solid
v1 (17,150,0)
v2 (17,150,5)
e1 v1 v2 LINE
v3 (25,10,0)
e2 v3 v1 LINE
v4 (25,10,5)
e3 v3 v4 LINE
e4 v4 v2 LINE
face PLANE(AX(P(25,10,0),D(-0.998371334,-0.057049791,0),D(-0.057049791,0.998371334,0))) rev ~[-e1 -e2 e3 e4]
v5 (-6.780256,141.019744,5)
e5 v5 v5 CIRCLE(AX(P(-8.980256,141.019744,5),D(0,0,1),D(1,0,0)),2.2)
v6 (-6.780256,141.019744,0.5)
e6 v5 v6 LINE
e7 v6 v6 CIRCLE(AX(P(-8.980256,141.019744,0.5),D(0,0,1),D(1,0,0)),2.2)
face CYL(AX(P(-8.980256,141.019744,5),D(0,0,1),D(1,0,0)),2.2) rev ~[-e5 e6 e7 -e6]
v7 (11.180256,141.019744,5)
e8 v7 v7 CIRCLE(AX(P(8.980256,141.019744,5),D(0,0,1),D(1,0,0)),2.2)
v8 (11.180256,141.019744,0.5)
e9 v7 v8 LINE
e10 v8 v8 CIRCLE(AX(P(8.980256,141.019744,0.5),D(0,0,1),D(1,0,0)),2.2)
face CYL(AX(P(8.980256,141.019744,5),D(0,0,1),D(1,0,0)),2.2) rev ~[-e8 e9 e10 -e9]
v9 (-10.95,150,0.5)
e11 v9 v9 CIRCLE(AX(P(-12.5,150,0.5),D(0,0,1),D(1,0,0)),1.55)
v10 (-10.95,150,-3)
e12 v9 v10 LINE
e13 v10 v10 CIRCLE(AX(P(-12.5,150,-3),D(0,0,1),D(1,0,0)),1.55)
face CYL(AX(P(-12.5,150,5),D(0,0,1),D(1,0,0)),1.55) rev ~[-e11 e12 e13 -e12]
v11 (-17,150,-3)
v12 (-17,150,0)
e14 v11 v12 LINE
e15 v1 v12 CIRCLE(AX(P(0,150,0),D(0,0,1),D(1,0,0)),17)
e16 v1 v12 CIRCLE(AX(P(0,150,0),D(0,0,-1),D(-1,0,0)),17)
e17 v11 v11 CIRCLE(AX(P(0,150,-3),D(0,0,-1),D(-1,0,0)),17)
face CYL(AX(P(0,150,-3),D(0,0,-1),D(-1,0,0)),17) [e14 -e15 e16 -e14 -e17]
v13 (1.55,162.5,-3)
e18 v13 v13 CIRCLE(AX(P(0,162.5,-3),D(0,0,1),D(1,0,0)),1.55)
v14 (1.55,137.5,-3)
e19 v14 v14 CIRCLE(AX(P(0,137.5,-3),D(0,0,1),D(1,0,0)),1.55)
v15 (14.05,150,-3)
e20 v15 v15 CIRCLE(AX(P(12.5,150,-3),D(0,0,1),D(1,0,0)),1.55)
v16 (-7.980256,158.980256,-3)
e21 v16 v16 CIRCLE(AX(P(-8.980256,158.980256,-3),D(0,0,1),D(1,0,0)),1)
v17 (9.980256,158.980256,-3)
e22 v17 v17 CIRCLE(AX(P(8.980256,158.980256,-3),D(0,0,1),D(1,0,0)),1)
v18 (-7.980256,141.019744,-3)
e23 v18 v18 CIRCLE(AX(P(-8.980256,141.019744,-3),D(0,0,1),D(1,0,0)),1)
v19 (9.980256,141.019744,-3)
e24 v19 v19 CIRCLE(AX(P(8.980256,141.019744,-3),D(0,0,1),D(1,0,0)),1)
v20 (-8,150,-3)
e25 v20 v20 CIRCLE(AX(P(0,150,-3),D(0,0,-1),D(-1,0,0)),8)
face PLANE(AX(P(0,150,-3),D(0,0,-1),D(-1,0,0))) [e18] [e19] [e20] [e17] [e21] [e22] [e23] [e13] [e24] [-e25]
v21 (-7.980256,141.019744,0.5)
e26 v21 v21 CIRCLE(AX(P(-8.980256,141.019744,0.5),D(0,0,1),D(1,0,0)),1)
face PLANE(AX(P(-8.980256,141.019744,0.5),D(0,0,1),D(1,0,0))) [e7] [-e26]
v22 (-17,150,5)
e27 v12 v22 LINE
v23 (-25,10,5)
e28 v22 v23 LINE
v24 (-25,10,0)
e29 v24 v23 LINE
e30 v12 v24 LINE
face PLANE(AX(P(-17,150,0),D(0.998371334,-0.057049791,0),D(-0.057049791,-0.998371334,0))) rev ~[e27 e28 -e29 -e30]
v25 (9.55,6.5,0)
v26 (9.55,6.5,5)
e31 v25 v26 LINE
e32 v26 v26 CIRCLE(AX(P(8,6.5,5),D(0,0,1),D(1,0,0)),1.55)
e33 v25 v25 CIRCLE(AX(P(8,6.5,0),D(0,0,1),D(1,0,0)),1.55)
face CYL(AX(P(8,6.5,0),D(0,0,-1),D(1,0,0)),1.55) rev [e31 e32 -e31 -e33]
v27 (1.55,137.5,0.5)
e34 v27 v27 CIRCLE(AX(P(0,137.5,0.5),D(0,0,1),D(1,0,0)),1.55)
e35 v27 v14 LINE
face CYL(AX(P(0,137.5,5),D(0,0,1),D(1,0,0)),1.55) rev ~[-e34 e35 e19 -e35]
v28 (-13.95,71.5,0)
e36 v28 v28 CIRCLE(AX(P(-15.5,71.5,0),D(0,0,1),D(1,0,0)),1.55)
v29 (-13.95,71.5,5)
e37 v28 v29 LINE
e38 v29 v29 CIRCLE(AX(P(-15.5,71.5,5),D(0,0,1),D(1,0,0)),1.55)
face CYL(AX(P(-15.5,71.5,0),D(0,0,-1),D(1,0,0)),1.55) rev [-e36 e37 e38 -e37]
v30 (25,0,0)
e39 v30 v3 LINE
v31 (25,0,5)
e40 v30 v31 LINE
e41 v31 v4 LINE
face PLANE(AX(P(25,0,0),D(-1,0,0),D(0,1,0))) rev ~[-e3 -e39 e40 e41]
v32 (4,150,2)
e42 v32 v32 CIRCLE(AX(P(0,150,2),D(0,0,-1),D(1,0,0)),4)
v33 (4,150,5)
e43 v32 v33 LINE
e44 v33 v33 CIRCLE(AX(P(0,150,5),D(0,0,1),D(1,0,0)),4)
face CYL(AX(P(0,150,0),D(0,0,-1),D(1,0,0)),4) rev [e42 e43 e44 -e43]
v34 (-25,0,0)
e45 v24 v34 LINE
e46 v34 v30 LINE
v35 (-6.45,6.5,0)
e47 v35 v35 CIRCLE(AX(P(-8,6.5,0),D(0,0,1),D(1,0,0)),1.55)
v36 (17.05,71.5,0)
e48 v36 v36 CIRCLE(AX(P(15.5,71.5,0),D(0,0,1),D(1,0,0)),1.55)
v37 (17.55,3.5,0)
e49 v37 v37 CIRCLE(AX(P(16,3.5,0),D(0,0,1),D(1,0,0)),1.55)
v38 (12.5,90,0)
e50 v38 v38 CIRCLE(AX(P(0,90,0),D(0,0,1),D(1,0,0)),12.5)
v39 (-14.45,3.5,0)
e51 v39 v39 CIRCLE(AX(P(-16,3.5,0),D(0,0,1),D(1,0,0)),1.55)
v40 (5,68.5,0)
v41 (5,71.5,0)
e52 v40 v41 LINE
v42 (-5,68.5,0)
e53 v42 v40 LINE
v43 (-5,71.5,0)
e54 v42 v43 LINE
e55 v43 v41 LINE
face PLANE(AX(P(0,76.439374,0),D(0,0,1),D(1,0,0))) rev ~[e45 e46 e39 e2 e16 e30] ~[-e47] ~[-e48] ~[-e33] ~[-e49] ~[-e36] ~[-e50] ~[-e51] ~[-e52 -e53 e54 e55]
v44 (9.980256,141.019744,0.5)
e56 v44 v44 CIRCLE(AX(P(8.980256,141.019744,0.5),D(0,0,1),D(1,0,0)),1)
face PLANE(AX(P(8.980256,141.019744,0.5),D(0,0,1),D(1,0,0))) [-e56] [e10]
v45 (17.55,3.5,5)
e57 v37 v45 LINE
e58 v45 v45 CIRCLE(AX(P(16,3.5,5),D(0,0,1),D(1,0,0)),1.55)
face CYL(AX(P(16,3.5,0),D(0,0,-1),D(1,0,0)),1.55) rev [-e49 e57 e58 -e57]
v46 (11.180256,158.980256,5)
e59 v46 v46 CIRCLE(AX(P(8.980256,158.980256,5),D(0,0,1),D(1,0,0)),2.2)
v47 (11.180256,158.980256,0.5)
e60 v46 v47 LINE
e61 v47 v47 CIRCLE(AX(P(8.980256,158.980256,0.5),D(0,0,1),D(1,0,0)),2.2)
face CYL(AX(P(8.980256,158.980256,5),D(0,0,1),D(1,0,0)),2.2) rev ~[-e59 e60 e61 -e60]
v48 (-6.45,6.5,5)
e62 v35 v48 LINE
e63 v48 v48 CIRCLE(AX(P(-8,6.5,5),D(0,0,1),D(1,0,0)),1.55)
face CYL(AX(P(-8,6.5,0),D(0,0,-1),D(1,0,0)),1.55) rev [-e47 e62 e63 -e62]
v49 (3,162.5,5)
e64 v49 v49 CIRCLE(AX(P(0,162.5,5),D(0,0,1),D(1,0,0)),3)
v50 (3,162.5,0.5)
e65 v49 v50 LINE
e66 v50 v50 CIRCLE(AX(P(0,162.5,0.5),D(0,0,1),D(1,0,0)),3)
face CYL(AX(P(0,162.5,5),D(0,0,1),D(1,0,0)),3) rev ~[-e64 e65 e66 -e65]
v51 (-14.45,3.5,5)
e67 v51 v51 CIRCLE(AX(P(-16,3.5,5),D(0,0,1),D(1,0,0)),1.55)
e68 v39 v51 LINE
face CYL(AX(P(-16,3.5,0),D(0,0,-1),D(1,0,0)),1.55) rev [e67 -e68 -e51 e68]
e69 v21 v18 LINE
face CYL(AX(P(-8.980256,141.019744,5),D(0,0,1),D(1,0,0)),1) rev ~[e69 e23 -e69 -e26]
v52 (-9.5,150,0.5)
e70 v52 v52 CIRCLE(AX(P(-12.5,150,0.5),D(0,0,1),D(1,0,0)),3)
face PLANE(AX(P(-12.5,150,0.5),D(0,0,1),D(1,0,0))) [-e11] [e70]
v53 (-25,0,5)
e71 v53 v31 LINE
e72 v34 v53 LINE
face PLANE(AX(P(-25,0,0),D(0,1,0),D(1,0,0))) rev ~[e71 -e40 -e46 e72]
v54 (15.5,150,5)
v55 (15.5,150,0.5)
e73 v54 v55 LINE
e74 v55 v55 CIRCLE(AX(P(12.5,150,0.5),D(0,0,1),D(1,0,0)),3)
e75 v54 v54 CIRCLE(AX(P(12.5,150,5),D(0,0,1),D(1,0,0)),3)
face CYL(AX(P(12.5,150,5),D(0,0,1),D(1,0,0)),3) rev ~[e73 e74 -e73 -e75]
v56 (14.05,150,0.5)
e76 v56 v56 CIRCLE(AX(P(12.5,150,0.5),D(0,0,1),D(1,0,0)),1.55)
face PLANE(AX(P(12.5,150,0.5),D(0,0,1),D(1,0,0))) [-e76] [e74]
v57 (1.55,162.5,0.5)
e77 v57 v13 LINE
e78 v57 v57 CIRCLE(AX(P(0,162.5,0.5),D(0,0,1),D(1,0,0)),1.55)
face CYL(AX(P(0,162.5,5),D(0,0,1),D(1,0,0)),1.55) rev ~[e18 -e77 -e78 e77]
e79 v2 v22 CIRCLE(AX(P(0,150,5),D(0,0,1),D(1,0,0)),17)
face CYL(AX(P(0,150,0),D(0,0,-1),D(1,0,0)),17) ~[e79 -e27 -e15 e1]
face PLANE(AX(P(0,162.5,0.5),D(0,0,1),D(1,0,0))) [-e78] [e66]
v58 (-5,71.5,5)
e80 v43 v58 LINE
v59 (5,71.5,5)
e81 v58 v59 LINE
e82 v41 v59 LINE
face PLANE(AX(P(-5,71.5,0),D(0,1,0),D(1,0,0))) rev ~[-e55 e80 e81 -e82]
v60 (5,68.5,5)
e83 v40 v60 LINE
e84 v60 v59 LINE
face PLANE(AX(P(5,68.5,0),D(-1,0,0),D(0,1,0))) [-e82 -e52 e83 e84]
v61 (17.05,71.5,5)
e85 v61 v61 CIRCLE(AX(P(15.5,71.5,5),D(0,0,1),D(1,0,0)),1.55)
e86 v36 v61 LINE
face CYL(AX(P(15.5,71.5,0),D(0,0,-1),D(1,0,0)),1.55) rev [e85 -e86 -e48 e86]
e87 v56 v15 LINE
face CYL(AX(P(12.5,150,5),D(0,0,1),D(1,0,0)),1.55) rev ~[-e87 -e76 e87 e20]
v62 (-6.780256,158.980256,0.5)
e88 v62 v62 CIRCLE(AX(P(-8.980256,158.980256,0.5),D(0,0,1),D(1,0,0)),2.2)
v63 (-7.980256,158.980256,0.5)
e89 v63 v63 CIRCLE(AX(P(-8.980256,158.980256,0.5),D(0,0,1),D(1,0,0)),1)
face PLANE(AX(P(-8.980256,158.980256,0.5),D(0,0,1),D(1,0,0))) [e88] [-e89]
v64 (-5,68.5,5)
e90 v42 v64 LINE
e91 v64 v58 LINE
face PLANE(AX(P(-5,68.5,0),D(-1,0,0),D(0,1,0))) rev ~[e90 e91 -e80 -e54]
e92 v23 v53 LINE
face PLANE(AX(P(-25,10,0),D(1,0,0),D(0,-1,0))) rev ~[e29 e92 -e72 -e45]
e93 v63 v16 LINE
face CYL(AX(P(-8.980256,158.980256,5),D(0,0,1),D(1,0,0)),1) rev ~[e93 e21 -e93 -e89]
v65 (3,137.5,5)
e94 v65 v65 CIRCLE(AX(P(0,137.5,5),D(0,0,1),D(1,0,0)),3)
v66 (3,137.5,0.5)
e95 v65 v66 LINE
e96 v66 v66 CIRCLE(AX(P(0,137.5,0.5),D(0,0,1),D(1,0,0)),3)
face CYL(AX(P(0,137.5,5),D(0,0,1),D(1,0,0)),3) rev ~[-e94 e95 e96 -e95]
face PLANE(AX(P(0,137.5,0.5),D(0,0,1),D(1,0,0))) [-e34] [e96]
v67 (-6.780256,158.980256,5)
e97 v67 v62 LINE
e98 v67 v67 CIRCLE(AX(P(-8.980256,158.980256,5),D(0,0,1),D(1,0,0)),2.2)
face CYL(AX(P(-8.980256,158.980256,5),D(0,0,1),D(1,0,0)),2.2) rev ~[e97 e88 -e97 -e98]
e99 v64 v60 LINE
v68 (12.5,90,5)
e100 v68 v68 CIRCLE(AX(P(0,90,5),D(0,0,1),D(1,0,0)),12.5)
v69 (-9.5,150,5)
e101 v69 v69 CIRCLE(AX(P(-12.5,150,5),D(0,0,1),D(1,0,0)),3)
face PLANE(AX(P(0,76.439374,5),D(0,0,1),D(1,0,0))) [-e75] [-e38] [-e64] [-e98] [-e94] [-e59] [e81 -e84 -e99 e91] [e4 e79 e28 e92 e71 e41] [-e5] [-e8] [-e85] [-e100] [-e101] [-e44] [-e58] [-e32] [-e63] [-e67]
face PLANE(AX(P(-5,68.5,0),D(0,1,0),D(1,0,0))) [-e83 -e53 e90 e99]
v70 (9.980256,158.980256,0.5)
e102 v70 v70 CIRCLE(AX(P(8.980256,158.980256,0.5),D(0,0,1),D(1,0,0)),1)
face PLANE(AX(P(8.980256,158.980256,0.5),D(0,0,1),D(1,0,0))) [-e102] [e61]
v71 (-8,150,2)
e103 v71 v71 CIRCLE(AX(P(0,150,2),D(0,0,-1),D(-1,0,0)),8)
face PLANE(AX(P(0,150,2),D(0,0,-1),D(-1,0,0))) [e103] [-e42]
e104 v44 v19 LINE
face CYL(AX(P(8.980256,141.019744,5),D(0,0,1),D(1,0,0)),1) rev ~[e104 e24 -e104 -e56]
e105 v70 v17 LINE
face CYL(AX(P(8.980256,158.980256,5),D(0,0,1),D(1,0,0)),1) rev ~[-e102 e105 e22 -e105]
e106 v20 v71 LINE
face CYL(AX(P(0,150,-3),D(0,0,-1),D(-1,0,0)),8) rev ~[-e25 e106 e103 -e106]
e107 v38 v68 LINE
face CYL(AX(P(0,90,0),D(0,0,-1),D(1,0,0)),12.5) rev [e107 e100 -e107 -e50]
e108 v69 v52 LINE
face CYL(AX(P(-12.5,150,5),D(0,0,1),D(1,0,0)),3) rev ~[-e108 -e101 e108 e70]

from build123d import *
from build123d.topology import SkipClean

# Parameters (mm, degrees)
SKETCH1_R           = 4
SKETCH1_R_2         = 12.5
SKETCH1_R_3         = 1.55
SKETCH1_W           = 10
SKETCH1_H           = 3
BOSS_EXTRUDE1_DEPTH = 5
BOSS_EXTRUDE2_START = 3
SKETCH2_R           = 17
BOSS_EXTRUDE2_DEPTH = 3
SKETCH3_R           = 1.55
SKETCH3_R_2         = 1
CUT_EXTRUDE1_DEPTH  = 8
SKETCH4_R           = 3
SKETCH4_R_2         = 2.2
CUT_EXTRUDE2_DEPTH  = 4.5
SKETCH5_R           = 8
CUT_EXTRUDE3_DEPTH  = 5


with BuildPart() as part:
    # Sketch1 → Boss-Extrude1 (new body)
    with BuildSketch(Plane.XY):
        with BuildLine():
            Line((-25, 0), (25, 0))
            Line((25, 0), (25, 10))
            Line((25, 10), (17, 150))
            ThreePointArc((17, 150), (0, 167), (-17, 150))
            Line((-17, 150), (-25, 10))
            Line((-25, 10), (-25, 0))
        make_face()
        with Locations((0, 150)):
            Circle(SKETCH1_R, mode=Mode.SUBTRACT)
        with Locations((0, 90)):
            Circle(SKETCH1_R_2, mode=Mode.SUBTRACT)
        with Locations((-8, 6.5)):
            Circle(SKETCH1_R_3, mode=Mode.SUBTRACT)
        with Locations((-16, 3.5)):
            Circle(SKETCH1_R_3, mode=Mode.SUBTRACT)
        with Locations((8, 6.5)):
            Circle(SKETCH1_R_3, mode=Mode.SUBTRACT)
        with Locations((16, 3.5)):
            Circle(SKETCH1_R_3, mode=Mode.SUBTRACT)
        with Locations((-15.5, 71.5)):
            Circle(SKETCH1_R_3, mode=Mode.SUBTRACT)
        with Locations((15.5, 71.5)):
            Circle(SKETCH1_R_3, mode=Mode.SUBTRACT)
        with Locations((0, 70)):
            Rectangle(SKETCH1_W, SKETCH1_H, mode=Mode.SUBTRACT)
    extrude(amount=BOSS_EXTRUDE1_DEPTH)

    # Sketch2 → Boss-Extrude2 (add)
    with SkipClean():  # the faces are left unmerged after this step: merging them gives an invalid solid
        with BuildSketch(Plane(origin=(0, 0, 0), x_dir=(-1, 0, 0), z_dir=(0, 0, -1)).offset(BOSS_EXTRUDE2_START)):
            with Locations((0, 150)):
                Circle(SKETCH2_R)
        extrude(amount=-BOSS_EXTRUDE2_DEPTH)

    # Sketch3 → Cut-Extrude1 (cut)
    with SkipClean():  # the faces are left unmerged after this step: merging them gives an invalid solid
        with BuildSketch(Plane.XY.offset(5)):
            with Locations((-12.5, 150)):
                Circle(SKETCH3_R)
            with Locations((0, 162.5)):
                Circle(SKETCH3_R)
            with Locations((12.5, 150)):
                Circle(SKETCH3_R)
            with Locations((0, 137.5)):
                Circle(SKETCH3_R)
            with Locations((8.980256121, 158.980256121)):
                Circle(SKETCH3_R_2)
            with Locations((8.980256121, 141.019743879)):
                Circle(SKETCH3_R_2)
            with Locations((-8.980256121, 141.019743879)):
                Circle(SKETCH3_R_2)
            with Locations((-8.980256121, 158.980256121)):
                Circle(SKETCH3_R_2)
        extrude(amount=-CUT_EXTRUDE1_DEPTH, mode=Mode.SUBTRACT)

    # Sketch4 → Cut-Extrude2 (cut)
    with SkipClean():  # the faces are left unmerged after this step: merging them gives an invalid solid
        with BuildSketch(Plane.XY.offset(5)):
            with Locations((-12.5, 150)):
                Circle(SKETCH4_R)
            with Locations((0, 162.5)):
                Circle(SKETCH4_R)
            with Locations((12.5, 150)):
                Circle(SKETCH4_R)
            with Locations((0, 137.5)):
                Circle(SKETCH4_R)
            with Locations((-8.980256121, 158.980256121)):
                Circle(SKETCH4_R_2)
            with Locations((8.980256121, 158.980256121)):
                Circle(SKETCH4_R_2)
            with Locations((8.980256121, 141.019743879)):
                Circle(SKETCH4_R_2)
            with Locations((-8.980256121, 141.019743879)):
                Circle(SKETCH4_R_2)
        extrude(amount=-CUT_EXTRUDE2_DEPTH, mode=Mode.SUBTRACT)

    # Sketch5 → Cut-Extrude3 (cut)
    with SkipClean():  # the faces are left unmerged after this step: merging them gives an invalid solid
        with BuildSketch(Plane(origin=(0, 0, -3), x_dir=(-1, 0, 0), z_dir=(0, 0, -1))):
            with Locations((0, 150)):
                Circle(SKETCH5_R)
        extrude(amount=-CUT_EXTRUDE3_DEPTH, mode=Mode.SUBTRACT)


solid = part.part
